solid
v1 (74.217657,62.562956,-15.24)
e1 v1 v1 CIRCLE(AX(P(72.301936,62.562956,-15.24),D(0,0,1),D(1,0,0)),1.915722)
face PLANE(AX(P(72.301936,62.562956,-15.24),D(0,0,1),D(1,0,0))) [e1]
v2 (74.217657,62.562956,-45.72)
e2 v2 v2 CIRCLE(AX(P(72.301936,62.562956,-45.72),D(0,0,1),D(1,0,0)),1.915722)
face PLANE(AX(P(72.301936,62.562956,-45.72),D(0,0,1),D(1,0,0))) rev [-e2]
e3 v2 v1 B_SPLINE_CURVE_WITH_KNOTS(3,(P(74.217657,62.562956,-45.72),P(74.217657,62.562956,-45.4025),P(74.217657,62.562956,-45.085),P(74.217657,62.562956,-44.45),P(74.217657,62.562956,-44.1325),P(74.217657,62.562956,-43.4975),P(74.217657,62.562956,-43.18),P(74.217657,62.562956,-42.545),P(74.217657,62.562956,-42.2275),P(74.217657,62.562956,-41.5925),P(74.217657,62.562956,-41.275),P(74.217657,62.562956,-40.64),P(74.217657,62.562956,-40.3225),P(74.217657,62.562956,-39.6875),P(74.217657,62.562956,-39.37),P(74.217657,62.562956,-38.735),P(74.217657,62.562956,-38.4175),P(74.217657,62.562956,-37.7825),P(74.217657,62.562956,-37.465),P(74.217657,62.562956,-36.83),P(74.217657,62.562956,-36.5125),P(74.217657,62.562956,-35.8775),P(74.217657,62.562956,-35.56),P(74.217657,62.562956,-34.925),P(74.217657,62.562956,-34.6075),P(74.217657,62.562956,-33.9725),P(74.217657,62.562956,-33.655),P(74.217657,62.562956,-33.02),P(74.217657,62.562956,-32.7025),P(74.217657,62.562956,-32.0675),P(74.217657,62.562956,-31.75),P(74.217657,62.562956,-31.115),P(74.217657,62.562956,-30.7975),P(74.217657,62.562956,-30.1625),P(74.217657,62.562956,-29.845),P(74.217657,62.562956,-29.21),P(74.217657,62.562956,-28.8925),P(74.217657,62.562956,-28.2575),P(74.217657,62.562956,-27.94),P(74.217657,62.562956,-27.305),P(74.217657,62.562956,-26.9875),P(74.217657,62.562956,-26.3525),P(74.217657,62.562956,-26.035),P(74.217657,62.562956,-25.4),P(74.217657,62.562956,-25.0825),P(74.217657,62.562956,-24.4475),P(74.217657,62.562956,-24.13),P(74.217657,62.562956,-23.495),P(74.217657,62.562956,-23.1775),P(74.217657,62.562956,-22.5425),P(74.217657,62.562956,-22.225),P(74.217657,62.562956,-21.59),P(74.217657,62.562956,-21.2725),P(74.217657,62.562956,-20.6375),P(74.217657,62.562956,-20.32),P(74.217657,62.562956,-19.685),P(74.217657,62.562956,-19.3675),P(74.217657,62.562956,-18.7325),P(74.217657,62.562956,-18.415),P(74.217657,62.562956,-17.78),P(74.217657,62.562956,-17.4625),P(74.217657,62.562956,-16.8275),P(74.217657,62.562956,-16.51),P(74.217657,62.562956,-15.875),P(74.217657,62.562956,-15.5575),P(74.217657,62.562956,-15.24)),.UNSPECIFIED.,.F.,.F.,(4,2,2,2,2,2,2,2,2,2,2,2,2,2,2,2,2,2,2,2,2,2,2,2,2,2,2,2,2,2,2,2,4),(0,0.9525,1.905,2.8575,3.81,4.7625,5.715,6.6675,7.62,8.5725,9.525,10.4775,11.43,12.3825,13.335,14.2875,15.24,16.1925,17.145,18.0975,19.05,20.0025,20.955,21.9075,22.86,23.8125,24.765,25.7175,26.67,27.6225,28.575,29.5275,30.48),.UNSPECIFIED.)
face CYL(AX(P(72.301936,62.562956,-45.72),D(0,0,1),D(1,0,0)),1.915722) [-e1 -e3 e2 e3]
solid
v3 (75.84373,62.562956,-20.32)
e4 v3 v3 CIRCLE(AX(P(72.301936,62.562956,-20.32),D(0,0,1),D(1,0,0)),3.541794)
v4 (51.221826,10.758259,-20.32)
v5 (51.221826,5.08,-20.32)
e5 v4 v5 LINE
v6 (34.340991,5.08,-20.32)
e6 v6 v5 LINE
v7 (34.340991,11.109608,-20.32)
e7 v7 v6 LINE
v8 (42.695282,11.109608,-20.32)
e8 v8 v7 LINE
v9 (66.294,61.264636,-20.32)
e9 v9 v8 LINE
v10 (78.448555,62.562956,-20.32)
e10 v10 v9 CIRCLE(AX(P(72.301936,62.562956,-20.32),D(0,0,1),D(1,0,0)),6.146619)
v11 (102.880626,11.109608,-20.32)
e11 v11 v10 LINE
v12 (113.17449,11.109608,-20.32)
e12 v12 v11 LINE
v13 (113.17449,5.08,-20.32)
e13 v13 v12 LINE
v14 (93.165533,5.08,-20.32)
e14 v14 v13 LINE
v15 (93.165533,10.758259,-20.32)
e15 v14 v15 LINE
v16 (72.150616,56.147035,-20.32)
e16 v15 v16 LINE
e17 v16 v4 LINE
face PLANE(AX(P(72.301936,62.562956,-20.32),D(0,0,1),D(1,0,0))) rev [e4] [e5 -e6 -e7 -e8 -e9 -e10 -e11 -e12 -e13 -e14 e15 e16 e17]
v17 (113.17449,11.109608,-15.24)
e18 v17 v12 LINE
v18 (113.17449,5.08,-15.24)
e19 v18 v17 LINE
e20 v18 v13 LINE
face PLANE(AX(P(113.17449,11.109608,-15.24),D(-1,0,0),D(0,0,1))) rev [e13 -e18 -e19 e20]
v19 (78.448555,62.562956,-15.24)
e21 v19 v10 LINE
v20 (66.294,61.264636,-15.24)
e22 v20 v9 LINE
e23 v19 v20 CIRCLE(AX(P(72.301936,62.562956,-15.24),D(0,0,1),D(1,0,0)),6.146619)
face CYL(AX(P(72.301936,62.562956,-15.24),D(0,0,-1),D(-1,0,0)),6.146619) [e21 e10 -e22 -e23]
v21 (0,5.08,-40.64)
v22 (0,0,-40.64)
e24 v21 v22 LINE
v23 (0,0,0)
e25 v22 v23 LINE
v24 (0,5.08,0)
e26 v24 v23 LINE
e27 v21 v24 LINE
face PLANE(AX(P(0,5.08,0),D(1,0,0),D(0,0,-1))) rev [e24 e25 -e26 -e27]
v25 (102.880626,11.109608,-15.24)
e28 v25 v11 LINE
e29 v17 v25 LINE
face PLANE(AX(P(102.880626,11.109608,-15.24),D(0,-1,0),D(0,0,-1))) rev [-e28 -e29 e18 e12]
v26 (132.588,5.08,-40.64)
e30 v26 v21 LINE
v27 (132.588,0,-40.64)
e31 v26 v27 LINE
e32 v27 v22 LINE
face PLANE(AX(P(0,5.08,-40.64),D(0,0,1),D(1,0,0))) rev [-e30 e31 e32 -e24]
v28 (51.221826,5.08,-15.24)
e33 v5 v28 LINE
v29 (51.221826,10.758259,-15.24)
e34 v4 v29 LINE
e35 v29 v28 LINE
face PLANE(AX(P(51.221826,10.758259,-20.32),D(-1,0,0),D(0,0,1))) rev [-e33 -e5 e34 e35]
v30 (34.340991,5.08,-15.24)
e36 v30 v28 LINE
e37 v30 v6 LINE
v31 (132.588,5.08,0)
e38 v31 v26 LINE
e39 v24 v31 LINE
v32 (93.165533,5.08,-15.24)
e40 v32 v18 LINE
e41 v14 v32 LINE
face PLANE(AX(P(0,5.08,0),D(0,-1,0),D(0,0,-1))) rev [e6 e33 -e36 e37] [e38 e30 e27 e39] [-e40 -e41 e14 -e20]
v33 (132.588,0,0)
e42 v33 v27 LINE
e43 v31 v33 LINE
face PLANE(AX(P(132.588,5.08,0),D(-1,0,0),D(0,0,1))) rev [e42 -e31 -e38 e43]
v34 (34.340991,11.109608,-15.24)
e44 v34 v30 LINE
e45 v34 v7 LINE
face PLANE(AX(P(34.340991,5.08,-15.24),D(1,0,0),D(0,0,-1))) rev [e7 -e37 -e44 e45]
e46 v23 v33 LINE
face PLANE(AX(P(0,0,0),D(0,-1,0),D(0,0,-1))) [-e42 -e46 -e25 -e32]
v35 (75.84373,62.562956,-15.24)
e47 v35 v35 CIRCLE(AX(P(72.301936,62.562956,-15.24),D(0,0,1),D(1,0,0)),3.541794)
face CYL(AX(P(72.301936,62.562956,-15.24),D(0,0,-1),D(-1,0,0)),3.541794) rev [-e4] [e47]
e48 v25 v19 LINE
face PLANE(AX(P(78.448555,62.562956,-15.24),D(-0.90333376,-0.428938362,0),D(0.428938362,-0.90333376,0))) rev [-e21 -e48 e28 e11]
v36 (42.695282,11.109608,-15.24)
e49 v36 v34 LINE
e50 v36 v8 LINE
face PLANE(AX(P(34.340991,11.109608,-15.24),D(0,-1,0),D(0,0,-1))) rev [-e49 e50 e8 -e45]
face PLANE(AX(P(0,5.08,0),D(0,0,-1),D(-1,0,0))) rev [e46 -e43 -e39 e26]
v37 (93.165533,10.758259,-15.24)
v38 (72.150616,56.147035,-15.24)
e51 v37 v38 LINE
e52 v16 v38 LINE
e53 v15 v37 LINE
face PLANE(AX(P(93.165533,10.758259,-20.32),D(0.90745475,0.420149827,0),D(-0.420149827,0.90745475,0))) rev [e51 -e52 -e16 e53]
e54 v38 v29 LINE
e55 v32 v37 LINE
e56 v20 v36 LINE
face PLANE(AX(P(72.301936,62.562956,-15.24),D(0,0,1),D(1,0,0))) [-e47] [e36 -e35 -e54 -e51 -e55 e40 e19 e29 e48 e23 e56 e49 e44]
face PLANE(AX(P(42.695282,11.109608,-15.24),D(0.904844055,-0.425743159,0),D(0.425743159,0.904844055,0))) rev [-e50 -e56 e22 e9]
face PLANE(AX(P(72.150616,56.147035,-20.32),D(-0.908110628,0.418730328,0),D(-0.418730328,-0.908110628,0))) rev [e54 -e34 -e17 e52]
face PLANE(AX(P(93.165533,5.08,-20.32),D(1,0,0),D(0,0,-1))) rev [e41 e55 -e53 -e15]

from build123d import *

# Parameters (mm, degrees)
SKETCH3_W           = 132.588
SKETCH3_H           = 40.64
BOSS_EXTRUDE2_DEPTH = 5.08
SKETCH4_R           = 3.54179385
BOSS_EXTRUDE3_DEPTH = 5.08
CUT_EXTRUDE1_DEPTH  = 5.08
SKETCH6_R           = 1.915721575
BOSS_EXTRUDE4_DEPTH = 30.48


with BuildPart() as part:
    # Sketch3 → Boss-Extrude2 (new body)
    with BuildSketch(Plane(origin=(0, 0, 0), x_dir=(1, 0, 0), z_dir=(0, 1, 0))):
        with Locations((66.294, 20.32)):
            Rectangle(SKETCH3_W, SKETCH3_H)
    extrude(amount=BOSS_EXTRUDE2_DEPTH)

    # Sketch4 → Boss-Extrude3 (add)
    with BuildSketch(Plane.XY.offset(-20.32)):
        with BuildLine():
            Line((42.695281609, 5.08), (34.340990791, 5.08))
            Line((34.340990791, 5.08), (34.340990791, 11.109607591))
            Line((34.340990791, 11.109607591), (42.695281609, 11.109607591))
            Line((42.695281609, 11.109607591), (66.294, 61.264635576))
            ThreePointArc((66.294, 61.264635576), (71.649082672, 68.674805636), (78.448554806, 62.562955717))
            Line((78.448554806, 62.562955717), (102.880626177, 11.109607591))
            Line((102.880626177, 11.109607591), (113.174490492, 11.109607591))
            Line((113.174490492, 11.109607591), (113.174490492, 5.08))
            Line((113.174490492, 5.08), (42.695281609, 5.08))
        make_face()
        with Locations((72.301935695, 62.562955717)):
            Circle(SKETCH4_R, mode=Mode.SUBTRACT)
    extrude(amount=BOSS_EXTRUDE3_DEPTH)

    # Sketch5 → Cut-Extrude1 (cut)
    with BuildSketch(Plane.XY.offset(-15.24)):
        Polygon((72.150616243, 56.147034971), (51.221825845, 10.758259087), (51.221825845, 5.08), (93.165533351, 5.08), (93.165533351, 10.758259087), align=None)
    extrude(amount=-CUT_EXTRUDE1_DEPTH, mode=Mode.SUBTRACT)


with BuildPart() as body_2:
    # Sketch6 → Boss-Extrude4 (new body)
    with BuildSketch(Plane.XY.offset(-15.24)):
        with Locations((72.301935695, 62.562955717)):
            Circle(SKETCH6_R)
    extrude(amount=-BOSS_EXTRUDE4_DEPTH)


solid = Compound([part.part, body_2.part])
